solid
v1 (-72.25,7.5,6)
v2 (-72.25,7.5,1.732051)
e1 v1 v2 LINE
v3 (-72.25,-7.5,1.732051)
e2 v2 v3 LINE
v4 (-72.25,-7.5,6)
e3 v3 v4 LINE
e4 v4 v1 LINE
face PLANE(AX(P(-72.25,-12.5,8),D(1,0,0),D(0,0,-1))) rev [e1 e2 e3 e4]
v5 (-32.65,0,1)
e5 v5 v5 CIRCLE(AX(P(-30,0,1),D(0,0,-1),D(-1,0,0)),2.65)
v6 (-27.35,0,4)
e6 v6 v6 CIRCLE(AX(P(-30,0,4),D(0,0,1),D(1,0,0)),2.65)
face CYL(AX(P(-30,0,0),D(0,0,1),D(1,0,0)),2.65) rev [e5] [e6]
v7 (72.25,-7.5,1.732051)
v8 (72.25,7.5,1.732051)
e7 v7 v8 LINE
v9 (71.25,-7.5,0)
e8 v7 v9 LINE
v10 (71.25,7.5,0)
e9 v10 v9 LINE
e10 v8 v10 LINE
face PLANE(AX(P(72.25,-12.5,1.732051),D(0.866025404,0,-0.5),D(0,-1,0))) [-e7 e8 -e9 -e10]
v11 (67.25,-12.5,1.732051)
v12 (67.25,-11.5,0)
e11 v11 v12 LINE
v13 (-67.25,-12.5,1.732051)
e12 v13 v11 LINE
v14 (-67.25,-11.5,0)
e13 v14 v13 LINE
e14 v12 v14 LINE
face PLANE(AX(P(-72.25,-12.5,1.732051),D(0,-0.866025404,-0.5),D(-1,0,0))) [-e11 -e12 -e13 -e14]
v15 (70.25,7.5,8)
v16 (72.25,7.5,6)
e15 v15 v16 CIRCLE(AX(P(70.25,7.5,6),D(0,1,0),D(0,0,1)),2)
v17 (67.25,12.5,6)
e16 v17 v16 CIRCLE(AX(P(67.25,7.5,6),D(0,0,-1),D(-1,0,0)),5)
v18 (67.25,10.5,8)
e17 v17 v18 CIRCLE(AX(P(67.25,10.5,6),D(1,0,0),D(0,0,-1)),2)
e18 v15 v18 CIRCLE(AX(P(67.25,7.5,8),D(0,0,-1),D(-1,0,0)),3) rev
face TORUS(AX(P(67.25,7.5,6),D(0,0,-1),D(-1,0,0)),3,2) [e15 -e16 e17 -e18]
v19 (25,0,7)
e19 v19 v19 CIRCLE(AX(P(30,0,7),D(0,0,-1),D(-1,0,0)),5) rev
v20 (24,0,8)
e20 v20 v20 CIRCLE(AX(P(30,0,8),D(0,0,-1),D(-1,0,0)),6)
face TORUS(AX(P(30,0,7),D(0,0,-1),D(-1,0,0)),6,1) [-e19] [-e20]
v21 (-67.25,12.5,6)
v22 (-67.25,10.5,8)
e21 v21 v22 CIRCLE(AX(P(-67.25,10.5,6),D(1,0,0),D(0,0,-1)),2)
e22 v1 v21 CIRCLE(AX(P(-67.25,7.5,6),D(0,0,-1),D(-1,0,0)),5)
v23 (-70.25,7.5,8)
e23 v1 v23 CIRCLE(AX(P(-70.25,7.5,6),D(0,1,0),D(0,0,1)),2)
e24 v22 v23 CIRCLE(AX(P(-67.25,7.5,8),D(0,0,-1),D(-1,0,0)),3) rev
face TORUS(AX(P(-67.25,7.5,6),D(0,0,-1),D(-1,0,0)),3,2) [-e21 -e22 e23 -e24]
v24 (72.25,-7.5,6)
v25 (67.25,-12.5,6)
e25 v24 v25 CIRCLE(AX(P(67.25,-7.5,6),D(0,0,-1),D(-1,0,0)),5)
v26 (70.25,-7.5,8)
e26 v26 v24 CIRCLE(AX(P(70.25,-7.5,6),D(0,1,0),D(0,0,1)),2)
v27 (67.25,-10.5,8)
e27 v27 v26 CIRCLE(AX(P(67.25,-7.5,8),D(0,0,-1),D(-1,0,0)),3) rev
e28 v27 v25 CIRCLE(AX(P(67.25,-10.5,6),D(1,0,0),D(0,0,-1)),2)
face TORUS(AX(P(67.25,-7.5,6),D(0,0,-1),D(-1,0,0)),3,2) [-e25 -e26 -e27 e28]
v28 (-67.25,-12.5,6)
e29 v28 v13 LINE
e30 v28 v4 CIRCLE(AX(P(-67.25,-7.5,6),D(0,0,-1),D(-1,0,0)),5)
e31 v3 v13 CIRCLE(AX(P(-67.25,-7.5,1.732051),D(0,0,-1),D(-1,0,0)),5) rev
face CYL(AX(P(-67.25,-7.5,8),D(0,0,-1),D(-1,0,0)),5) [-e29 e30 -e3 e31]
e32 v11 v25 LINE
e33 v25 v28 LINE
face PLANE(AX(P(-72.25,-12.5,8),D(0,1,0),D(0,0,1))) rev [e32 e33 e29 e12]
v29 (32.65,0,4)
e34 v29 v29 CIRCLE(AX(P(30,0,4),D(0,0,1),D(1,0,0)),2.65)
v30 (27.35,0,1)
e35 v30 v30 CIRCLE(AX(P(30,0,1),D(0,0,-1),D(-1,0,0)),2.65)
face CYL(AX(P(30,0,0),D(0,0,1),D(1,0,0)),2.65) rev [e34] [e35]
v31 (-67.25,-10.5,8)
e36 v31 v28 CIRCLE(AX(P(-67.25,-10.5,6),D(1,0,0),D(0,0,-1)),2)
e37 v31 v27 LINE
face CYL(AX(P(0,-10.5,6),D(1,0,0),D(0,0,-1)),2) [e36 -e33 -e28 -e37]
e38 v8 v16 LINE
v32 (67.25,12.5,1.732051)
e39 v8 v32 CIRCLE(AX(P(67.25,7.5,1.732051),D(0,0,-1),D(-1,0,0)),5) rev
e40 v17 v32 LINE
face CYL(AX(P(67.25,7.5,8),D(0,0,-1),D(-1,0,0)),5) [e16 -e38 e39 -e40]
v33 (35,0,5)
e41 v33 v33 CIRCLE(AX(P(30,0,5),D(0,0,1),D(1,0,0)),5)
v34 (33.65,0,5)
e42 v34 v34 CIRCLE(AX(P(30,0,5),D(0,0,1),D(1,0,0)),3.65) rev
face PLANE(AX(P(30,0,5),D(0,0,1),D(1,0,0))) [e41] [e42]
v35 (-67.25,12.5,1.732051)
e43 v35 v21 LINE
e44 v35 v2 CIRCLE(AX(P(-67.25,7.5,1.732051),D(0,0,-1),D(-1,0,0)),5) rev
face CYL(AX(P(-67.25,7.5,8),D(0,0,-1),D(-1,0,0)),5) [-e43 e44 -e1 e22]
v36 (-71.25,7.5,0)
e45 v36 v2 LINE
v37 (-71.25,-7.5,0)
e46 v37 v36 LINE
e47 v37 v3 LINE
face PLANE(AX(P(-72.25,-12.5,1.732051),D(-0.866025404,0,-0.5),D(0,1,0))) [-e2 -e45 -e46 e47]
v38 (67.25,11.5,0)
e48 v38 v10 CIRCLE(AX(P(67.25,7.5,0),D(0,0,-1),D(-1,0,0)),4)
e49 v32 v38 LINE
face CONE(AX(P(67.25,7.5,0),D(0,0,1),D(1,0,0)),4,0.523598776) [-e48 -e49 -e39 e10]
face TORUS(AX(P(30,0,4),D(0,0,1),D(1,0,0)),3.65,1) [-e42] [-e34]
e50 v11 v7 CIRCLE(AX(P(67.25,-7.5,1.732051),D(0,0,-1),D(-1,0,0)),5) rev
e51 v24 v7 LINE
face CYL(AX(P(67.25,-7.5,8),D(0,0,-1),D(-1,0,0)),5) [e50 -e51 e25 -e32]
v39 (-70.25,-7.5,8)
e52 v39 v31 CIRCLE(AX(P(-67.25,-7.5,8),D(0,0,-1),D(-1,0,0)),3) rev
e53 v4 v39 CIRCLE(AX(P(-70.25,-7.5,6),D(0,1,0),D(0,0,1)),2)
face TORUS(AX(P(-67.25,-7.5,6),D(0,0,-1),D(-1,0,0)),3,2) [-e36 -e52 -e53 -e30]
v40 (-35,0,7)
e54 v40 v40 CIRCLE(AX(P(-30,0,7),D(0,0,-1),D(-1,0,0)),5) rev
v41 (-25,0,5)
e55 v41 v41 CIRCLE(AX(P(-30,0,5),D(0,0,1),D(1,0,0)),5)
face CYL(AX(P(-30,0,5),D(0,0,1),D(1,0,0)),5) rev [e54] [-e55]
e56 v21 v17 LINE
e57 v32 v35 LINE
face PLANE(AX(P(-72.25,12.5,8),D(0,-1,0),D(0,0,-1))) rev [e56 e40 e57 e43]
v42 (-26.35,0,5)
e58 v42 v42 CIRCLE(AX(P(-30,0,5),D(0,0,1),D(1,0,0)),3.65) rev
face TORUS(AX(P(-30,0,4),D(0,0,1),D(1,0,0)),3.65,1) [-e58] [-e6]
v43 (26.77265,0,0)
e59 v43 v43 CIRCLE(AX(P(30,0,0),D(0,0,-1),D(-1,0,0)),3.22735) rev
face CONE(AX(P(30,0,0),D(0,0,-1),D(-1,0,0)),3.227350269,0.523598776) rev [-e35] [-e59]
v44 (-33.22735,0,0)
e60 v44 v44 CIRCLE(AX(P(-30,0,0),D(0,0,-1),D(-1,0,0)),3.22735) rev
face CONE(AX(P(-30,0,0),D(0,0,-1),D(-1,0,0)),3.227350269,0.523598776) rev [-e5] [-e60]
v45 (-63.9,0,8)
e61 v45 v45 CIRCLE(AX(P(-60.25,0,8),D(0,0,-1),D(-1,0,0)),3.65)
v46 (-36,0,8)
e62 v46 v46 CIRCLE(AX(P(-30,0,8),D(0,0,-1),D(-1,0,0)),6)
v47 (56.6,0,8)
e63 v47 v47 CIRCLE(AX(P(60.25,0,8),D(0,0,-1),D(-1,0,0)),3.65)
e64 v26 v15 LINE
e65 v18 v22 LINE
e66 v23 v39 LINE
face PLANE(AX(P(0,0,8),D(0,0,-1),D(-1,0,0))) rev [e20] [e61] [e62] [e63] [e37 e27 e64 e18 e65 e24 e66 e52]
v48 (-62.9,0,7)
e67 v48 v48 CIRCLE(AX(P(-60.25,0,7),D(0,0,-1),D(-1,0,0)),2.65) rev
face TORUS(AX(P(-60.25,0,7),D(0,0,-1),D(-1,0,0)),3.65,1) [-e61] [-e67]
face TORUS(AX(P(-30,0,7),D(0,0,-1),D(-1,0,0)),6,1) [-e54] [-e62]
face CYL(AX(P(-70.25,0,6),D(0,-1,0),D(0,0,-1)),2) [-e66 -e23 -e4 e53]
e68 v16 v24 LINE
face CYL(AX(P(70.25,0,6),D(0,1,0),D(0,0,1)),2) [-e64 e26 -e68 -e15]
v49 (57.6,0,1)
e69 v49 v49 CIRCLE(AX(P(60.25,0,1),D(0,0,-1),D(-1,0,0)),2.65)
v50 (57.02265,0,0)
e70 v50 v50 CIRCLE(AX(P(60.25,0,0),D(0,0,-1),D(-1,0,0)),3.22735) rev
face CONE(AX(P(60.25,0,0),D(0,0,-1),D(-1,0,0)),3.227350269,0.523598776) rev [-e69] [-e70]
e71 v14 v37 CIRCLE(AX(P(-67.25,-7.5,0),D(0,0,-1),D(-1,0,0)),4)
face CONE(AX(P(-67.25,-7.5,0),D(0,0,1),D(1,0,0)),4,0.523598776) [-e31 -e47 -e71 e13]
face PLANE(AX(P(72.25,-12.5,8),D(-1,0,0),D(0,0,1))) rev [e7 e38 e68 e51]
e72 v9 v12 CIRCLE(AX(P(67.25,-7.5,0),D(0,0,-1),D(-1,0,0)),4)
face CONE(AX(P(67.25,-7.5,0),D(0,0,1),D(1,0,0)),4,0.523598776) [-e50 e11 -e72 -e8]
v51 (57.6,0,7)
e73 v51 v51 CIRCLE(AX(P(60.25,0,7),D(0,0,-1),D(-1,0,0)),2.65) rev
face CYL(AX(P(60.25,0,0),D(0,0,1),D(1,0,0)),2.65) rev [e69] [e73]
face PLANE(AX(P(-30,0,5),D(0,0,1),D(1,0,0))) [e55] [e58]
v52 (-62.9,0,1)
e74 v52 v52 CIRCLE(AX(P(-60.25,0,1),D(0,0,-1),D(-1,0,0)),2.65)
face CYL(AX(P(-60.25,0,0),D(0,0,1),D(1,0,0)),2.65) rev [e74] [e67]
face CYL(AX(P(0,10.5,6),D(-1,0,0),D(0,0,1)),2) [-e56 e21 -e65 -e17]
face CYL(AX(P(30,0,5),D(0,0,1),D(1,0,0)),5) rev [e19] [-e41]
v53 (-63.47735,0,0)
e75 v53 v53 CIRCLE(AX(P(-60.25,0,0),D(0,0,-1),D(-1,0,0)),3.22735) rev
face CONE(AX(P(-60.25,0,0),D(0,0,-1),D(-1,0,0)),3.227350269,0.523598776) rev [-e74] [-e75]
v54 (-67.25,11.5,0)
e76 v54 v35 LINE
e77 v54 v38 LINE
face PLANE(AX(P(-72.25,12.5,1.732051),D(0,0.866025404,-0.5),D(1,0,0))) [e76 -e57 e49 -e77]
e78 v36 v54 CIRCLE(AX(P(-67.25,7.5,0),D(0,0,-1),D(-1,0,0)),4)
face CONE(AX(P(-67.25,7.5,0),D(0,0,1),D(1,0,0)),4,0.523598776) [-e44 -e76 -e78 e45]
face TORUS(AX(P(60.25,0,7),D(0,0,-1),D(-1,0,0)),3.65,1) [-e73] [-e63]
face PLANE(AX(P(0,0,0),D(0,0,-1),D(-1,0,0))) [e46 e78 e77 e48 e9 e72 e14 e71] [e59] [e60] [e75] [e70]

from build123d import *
from OCP.BRepFilletAPI import BRepFilletAPI_MakeChamfer

# Parameters (mm, degrees)
SKETCH2_W           = 144.5
SKETCH2_H           = 25
BOSS_EXTRUDE1_DEPTH = 8
SKETCH3_R           = 2.65
CUT_EXTRUDE1_DEPTH  = 74.758474089
SKETCH4_R           = 5
CUT_EXTRUDE2_DEPTH  = 3
FILLET1_R           = 5
FILLET2_R           = 2
FILLET3_R           = 1
CHAMFER1_SIZE       = 1
CHAMFER1_SIZE2      = 1.732050808
CHAMFER2_SIZE       = 1
CHAMFER2_SIZE2      = 0.577350269


with BuildPart() as part:
    # Sketch2 → Boss-Extrude1 (new body)
    with BuildSketch(Plane.XY):
        Rectangle(SKETCH2_W, SKETCH2_H)
    extrude(amount=BOSS_EXTRUDE1_DEPTH)

    # Sketch3 → Cut-Extrude1 (cut, through all)
    with BuildSketch(Plane.XY.offset(8)):
        with Locations((-60.25, 0)):
            Circle(SKETCH3_R)
        with Locations((60.25, 0)):
            Circle(SKETCH3_R)
        with Locations((-30, 0)):
            Circle(SKETCH3_R)
        with Locations((30, 0)):
            Circle(SKETCH3_R)
    extrude(amount=-CUT_EXTRUDE1_DEPTH, mode=Mode.SUBTRACT)

    # Sketch4 → Cut-Extrude2 (cut)
    with BuildSketch(Plane.XY.offset(8)):
        with Locations((-30, 0)):
            Circle(SKETCH4_R)
        with Locations((30, 0)):
            Circle(SKETCH4_R)
    extrude(amount=-CUT_EXTRUDE2_DEPTH, mode=Mode.SUBTRACT)

    # Fillet1
    fillet1_edges = [part.edges().sort_by_distance(p)[0] for p in [
        (72.25, -12.5, 4),
        (-72.25, -12.5, 4),
        (-72.25, 12.5, 4),
        (72.25, 12.5, 4),
    ]]
    fillet(fillet1_edges, radius=FILLET1_R)

    # Fillet2
    fillet2_edges = [part.edges().sort_by_distance(p)[0] for p in [
        (0, -12.5, 8),
        (-72.25, 0, 8),
        (72.25, 0, 8),
        (0, 12.5, 8),
        (70.785533906, 11.035533906, 8),
        (70.785533906, -11.035533906, 8),
        (-70.785533906, 11.035533906, 8),
        (-70.785533906, -11.035533906, 8),
    ]]
    fillet(fillet2_edges, radius=FILLET2_R)

    # Fillet3
    fillet3_edges = [part.edges().sort_by_distance(p)[0] for p in [
        (-62.9, 0, 8),
        (57.6, 0, 8),
        (-35, 0, 8),
        (-32.65, 0, 5),
        (25, 0, 8),
        (27.35, 0, 5),
    ]]
    fillet(fillet3_edges, radius=FILLET3_R)

    # Chamfer1
    chamfer1_edges = [part.edges().sort_by_distance(p)[0] for p in [
        (0, -12.5, 0),
        (72.25, 0, 0),
        (-72.25, 0, 0),
        (0, 12.5, 0),
        (70.785533906, 11.035533906, 0),
        (70.785533906, -11.035533906, 0),
        (-70.785533906, 11.035533906, 0),
        (-70.785533906, -11.035533906, 0),
    ]]
    chamfer1_side = [part.faces().sort_by_distance(p)[0] for p in [
        (0, 0, 0),
    ]]
    chamfer(chamfer1_edges, length=CHAMFER1_SIZE, length2=CHAMFER1_SIZE2, reference=chamfer1_side[0])

    # Chamfer2: one chamfer whose edges measure the first distance from different faces: ONE call of the kernel's chamfer builder (chamfer() names one face for all edges)
    chamfer2_edges_1 = [part.edges().sort_by_distance(p)[0] for p in [
        (-62.9, 0, 0),
    ]]
    chamfer2_side_1 = [part.faces().sort_by_distance(p)[0] for p in [
        (-62.9, 0, 3.5),
    ]]
    chamfer2_edges_2 = [part.edges().sort_by_distance(p)[0] for p in [
        (27.35, 0, 0),
    ]]
    chamfer2_side_2 = [part.faces().sort_by_distance(p)[0] for p in [
        (27.35, 0, 2),
    ]]
    chamfer2_edges_3 = [part.edges().sort_by_distance(p)[0] for p in [
        (-32.65, 0, 0),
    ]]
    chamfer2_side_3 = [part.faces().sort_by_distance(p)[0] for p in [
        (-32.65, 0, 2),
    ]]
    chamfer2_edges_4 = [part.edges().sort_by_distance(p)[0] for p in [
        (57.6, 0, 0),
    ]]
    chamfer2_side_4 = [part.faces().sort_by_distance(p)[0] for p in [
        (57.6, 0, 3.5),
    ]]
    chamfer2 = BRepFilletAPI_MakeChamfer(part.part.solid().wrapped)
    for e in chamfer2_edges_1:
        chamfer2.Add(CHAMFER2_SIZE, CHAMFER2_SIZE2, e.wrapped, chamfer2_side_1[0].wrapped)  # the first distance lies on this face
    for e in chamfer2_edges_2:
        chamfer2.Add(CHAMFER2_SIZE, CHAMFER2_SIZE2, e.wrapped, chamfer2_side_2[0].wrapped)  # the first distance lies on this face
    for e in chamfer2_edges_3:
        chamfer2.Add(CHAMFER2_SIZE, CHAMFER2_SIZE2, e.wrapped, chamfer2_side_3[0].wrapped)  # the first distance lies on this face
    for e in chamfer2_edges_4:
        chamfer2.Add(CHAMFER2_SIZE, CHAMFER2_SIZE2, e.wrapped, chamfer2_side_4[0].wrapped)  # the first distance lies on this face
    add(Compound.cast(chamfer2.Shape()), mode=Mode.REPLACE)


solid = part.part
